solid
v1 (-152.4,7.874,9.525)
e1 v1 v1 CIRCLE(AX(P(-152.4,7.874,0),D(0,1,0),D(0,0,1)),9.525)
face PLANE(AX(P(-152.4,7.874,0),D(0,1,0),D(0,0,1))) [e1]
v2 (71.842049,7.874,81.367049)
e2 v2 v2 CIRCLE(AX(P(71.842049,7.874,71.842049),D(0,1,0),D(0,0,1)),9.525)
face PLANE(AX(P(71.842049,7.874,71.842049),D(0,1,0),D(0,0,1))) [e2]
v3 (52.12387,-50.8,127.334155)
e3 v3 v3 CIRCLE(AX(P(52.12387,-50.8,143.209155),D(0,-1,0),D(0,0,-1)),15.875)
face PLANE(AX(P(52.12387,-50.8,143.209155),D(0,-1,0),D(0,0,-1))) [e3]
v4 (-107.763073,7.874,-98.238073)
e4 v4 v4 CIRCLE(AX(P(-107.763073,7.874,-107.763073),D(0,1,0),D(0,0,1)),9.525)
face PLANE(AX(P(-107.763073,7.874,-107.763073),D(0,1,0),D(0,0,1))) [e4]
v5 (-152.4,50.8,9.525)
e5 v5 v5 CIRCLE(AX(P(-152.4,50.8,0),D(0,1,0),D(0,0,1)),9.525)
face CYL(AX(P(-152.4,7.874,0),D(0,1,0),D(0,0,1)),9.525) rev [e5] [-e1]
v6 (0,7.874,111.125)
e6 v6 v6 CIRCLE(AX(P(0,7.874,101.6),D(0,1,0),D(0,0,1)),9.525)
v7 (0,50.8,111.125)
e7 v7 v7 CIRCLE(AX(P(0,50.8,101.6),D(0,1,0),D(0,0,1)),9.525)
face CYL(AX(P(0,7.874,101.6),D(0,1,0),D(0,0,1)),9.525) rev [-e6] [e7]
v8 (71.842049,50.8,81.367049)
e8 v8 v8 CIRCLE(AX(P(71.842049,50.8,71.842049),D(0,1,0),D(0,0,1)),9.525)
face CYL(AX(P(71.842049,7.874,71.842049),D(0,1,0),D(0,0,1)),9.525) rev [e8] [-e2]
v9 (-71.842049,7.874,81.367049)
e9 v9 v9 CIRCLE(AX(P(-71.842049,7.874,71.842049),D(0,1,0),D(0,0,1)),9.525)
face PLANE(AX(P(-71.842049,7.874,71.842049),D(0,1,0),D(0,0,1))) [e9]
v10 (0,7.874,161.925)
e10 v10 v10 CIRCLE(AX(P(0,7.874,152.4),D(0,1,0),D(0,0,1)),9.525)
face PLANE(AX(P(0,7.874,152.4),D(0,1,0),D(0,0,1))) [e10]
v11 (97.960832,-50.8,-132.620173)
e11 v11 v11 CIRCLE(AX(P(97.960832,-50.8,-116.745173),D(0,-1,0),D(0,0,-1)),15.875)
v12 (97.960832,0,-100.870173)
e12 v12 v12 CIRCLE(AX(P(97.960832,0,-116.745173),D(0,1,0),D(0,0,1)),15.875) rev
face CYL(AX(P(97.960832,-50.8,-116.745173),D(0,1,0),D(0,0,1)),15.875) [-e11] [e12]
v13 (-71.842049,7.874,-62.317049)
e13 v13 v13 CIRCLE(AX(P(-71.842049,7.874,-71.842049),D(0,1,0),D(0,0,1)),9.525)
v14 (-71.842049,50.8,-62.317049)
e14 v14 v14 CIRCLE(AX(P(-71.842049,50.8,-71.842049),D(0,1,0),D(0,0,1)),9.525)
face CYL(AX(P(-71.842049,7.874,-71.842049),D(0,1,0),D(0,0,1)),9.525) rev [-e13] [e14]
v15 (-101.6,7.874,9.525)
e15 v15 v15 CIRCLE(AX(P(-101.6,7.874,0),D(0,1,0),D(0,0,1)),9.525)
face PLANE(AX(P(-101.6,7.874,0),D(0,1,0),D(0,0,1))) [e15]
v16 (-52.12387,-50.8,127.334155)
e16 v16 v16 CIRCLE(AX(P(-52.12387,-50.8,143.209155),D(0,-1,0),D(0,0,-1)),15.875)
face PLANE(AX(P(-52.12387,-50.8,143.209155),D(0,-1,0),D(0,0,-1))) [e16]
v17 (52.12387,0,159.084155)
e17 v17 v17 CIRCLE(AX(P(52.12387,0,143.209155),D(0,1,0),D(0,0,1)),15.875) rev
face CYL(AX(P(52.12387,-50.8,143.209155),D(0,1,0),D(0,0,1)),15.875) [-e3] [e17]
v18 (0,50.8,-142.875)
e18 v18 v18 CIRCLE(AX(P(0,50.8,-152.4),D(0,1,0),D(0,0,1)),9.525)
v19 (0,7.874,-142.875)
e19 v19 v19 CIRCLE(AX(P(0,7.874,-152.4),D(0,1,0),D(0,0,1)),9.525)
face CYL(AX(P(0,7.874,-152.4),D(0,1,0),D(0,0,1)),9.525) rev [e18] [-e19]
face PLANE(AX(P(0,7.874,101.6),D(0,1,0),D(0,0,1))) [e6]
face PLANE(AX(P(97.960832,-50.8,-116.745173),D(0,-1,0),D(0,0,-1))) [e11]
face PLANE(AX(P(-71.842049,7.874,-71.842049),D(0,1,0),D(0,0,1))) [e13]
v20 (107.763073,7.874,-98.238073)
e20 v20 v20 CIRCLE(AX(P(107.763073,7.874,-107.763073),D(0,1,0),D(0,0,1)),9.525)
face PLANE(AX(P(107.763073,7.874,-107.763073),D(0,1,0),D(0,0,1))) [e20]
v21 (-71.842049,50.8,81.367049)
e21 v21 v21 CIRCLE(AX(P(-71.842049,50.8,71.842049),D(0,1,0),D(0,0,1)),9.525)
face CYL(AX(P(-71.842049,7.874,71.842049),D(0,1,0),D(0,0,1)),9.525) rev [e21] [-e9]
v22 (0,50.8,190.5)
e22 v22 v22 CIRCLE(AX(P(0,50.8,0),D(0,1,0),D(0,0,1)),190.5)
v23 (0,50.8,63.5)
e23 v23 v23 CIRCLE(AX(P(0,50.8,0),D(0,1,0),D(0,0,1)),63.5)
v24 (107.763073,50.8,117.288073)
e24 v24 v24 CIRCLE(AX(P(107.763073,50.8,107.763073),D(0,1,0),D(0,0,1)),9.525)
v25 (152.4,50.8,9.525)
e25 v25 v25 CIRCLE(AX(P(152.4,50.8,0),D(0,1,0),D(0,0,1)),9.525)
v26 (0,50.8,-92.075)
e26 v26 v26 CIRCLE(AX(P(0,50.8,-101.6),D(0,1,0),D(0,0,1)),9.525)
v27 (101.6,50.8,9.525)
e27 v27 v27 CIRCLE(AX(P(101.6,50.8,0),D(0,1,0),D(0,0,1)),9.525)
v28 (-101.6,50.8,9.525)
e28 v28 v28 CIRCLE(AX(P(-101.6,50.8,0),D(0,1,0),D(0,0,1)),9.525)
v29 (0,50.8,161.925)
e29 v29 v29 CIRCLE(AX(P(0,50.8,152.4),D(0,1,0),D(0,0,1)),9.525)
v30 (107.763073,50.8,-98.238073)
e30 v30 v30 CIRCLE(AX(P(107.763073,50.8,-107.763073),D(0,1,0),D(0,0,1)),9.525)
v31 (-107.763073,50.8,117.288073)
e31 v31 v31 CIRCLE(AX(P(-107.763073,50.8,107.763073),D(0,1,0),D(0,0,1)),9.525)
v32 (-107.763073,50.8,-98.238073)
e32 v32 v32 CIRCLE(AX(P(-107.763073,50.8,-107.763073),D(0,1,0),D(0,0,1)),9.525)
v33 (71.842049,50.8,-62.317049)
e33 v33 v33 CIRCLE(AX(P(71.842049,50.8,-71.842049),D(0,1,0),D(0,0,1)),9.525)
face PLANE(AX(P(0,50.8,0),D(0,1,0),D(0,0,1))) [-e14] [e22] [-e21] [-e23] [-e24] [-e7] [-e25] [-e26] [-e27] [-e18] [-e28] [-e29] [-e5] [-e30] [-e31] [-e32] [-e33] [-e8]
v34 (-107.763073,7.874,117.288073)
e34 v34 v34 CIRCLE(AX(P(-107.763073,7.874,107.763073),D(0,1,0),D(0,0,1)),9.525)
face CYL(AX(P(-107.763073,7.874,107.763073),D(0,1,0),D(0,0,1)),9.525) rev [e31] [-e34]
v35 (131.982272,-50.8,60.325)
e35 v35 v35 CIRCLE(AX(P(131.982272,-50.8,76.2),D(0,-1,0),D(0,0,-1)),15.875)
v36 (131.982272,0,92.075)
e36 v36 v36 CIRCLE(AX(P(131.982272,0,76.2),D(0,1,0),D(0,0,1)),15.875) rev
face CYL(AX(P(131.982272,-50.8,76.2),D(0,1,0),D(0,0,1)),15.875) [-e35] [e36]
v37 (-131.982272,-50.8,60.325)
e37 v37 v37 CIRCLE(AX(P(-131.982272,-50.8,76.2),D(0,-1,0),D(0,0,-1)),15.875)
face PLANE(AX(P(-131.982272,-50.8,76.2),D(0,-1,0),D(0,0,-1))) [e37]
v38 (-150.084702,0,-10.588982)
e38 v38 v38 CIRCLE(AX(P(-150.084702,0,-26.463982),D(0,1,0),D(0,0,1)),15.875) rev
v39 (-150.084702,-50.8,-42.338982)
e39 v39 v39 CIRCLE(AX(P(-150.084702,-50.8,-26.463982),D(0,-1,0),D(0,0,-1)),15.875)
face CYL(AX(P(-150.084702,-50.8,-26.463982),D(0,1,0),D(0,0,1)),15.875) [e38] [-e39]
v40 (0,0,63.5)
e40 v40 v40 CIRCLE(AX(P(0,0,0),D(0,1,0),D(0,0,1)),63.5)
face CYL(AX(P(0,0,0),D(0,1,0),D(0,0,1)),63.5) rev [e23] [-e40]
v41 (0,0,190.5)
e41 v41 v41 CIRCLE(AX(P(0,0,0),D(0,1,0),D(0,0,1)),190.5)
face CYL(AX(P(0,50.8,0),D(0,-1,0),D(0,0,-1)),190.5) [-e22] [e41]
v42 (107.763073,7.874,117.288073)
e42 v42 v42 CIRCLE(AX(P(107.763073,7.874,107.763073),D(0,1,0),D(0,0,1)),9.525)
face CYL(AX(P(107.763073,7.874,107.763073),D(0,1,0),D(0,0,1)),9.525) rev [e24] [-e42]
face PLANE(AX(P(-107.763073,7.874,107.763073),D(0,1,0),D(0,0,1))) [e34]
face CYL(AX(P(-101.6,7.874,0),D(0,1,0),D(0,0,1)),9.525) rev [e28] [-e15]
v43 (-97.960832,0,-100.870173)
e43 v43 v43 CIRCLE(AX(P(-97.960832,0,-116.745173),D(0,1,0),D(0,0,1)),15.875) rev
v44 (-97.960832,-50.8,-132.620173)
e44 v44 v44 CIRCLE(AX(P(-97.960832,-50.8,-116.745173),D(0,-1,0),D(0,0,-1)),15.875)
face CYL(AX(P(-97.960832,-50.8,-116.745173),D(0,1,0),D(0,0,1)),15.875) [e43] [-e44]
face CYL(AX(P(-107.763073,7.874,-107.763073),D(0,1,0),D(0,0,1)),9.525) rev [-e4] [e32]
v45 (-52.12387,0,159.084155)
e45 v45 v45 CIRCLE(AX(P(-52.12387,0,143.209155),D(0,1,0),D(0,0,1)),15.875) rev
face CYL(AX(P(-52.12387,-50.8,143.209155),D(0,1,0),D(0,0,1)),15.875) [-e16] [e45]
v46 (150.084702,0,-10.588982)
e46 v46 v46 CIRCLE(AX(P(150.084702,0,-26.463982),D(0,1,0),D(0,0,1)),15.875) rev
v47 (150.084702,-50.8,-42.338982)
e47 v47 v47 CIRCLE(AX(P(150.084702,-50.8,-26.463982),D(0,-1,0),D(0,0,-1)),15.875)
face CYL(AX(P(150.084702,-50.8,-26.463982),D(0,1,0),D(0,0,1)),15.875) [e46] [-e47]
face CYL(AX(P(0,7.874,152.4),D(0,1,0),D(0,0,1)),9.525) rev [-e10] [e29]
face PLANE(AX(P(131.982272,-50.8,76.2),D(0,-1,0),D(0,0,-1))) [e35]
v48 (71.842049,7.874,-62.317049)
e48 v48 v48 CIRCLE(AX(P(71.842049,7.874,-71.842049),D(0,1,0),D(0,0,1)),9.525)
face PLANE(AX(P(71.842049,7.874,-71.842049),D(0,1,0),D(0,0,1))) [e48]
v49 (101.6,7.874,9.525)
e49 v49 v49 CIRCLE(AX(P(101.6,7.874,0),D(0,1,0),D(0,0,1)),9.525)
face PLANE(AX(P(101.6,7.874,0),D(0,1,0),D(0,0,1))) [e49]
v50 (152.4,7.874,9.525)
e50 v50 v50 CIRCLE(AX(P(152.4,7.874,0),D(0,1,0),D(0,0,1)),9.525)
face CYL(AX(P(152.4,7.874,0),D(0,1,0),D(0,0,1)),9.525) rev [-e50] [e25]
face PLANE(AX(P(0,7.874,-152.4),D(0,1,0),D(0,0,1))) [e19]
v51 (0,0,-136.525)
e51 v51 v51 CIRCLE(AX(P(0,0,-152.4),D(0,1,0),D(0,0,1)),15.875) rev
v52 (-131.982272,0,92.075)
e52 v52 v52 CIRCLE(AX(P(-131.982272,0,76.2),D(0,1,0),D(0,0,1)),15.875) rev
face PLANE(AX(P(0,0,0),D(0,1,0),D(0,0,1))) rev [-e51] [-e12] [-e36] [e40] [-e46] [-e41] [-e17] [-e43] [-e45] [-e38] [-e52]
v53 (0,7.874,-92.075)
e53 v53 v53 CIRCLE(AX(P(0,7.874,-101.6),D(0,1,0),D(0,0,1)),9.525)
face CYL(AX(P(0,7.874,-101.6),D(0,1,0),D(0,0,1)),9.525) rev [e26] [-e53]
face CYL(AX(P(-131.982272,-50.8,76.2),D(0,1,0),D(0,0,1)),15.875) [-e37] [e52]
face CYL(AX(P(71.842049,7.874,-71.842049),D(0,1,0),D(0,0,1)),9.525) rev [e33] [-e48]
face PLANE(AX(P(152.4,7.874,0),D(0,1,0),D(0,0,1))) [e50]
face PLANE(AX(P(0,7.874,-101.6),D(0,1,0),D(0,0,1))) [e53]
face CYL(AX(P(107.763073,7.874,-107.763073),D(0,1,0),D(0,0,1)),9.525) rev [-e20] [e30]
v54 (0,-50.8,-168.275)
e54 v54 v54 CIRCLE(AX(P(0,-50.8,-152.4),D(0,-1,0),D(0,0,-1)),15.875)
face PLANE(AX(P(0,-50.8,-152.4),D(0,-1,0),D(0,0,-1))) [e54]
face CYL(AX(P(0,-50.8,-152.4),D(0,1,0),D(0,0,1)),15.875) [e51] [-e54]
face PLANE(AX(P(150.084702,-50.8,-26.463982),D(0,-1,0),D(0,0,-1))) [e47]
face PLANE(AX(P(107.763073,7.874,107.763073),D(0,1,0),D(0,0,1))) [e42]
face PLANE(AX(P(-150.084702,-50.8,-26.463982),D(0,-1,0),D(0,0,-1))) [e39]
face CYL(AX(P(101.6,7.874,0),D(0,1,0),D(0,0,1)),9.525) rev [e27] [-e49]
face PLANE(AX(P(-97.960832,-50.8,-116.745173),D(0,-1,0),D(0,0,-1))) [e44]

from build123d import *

# Parameters (mm, degrees)
SKETCH1_R           = 190.5
BOSS_EXTRUDE1_DEPTH = 50.8
SKETCH2_R           = 63.5
CUT_EXTRUDE1_DEPTH  = 275.155320941
SKETCH3_R           = 9.525
CUT_EXTRUDE2_DEPTH  = 42.926
SKETCH4_R           = 15.875
BOSS_EXTRUDE2_DEPTH = 50.8


with BuildPart() as part:
    # Sketch1 → Boss-Extrude1 (new body)
    with BuildSketch(Plane(origin=(0, 0, 0), x_dir=(1, 0, 0), z_dir=(0, 1, 0))):
        with Locations(Location((0, 0, 0), (0, 0, 270))):
            Circle(SKETCH1_R)
    extrude(amount=BOSS_EXTRUDE1_DEPTH)

    # Sketch2 → Cut-Extrude1 (cut, through all)
    with BuildSketch(Plane(origin=(0, 50.8, 0), x_dir=(1, 0, 0), z_dir=(0, 1, 0))):
        with Locations(Location((0, 0, 0), (0, 0, 270))):
            Circle(SKETCH2_R)
    extrude(amount=-CUT_EXTRUDE1_DEPTH, mode=Mode.SUBTRACT)

    # Sketch3 → Cut-Extrude2 (cut)
    with BuildSketch(Plane(origin=(0, 50.8, 0), x_dir=(1, 0, 0), z_dir=(0, 1, 0))):
        with Locations(Location((0, 101.6, 0), (0, 0, 270))):
            Circle(SKETCH3_R)
        with Locations(Location((71.842048969, 71.842048969, 0), (0, 0, 270))):
            Circle(SKETCH3_R)
        with Locations(Location((101.6, 0, 0), (0, 0, 270))):
            Circle(SKETCH3_R)
        with Locations(Location((71.842048969, -71.842048969, 0), (0, 0, 270))):
            Circle(SKETCH3_R)
        with Locations(Location((0, -101.6, 0), (0, 0, 270))):
            Circle(SKETCH3_R)
        with Locations(Location((-71.842048969, -71.842048969, 0), (0, 0, 270))):
            Circle(SKETCH3_R)
        with Locations(Location((-101.6, 0, 0), (0, 0, 270))):
            Circle(SKETCH3_R)
        with Locations(Location((-71.842048969, 71.842048969, 0), (0, 0, 270))):
            Circle(SKETCH3_R)
        with Locations(Location((0, 152.4, 0), (0, 0, 270))):
            Circle(SKETCH3_R)
        with Locations(Location((107.763073453, 107.763073453, 0), (0, 0, 270))):
            Circle(SKETCH3_R)
        with Locations(Location((152.4, 0, 0), (0, 0, 270))):
            Circle(SKETCH3_R)
        with Locations(Location((107.763073453, -107.763073453, 0), (0, 0, 270))):
            Circle(SKETCH3_R)
        with Locations(Location((0, -152.4, 0), (0, 0, 270))):
            Circle(SKETCH3_R)
        with Locations(Location((-107.763073453, -107.763073453, 0), (0, 0, 270))):
            Circle(SKETCH3_R)
        with Locations(Location((-152.4, 0, 0), (0, 0, 270))):
            Circle(SKETCH3_R)
        with Locations(Location((-107.763073453, 107.763073453, 0), (0, 0, 270))):
            Circle(SKETCH3_R)
    extrude(amount=-CUT_EXTRUDE2_DEPTH, mode=Mode.SUBTRACT)

    # Sketch4 → Boss-Extrude2 (add)
    with BuildSketch(Plane.XZ):
        with Locations(Location((0, -152.4, 0), (0, 0, 90))):
            Circle(SKETCH4_R)
        with Locations(Location((-97.960831716, -116.745173131, 0), (0, 0, 90))):
            Circle(SKETCH4_R)
        with Locations(Location((-150.084701559, -26.463982276, 0), (0, 0, 90))):
            Circle(SKETCH4_R)
        with Locations(Location((-131.982271537, 76.2, 0), (0, 0, 90))):
            Circle(SKETCH4_R)
        with Locations(Location((-52.123869843, 143.209155408, 0), (0, 0, 90))):
            Circle(SKETCH4_R)
        with Locations(Location((52.123869843, 143.209155408, 0), (0, 0, 90))):
            Circle(SKETCH4_R)
        with Locations(Location((131.982271537, 76.2, 0), (0, 0, 90))):
            Circle(SKETCH4_R)
        with Locations(Location((150.084701559, -26.463982276, 0), (0, 0, 90))):
            Circle(SKETCH4_R)
        with Locations(Location((97.960831716, -116.745173131, 0), (0, 0, 90))):
            Circle(SKETCH4_R)
    extrude(amount=BOSS_EXTRUDE2_DEPTH)


solid = part.part
